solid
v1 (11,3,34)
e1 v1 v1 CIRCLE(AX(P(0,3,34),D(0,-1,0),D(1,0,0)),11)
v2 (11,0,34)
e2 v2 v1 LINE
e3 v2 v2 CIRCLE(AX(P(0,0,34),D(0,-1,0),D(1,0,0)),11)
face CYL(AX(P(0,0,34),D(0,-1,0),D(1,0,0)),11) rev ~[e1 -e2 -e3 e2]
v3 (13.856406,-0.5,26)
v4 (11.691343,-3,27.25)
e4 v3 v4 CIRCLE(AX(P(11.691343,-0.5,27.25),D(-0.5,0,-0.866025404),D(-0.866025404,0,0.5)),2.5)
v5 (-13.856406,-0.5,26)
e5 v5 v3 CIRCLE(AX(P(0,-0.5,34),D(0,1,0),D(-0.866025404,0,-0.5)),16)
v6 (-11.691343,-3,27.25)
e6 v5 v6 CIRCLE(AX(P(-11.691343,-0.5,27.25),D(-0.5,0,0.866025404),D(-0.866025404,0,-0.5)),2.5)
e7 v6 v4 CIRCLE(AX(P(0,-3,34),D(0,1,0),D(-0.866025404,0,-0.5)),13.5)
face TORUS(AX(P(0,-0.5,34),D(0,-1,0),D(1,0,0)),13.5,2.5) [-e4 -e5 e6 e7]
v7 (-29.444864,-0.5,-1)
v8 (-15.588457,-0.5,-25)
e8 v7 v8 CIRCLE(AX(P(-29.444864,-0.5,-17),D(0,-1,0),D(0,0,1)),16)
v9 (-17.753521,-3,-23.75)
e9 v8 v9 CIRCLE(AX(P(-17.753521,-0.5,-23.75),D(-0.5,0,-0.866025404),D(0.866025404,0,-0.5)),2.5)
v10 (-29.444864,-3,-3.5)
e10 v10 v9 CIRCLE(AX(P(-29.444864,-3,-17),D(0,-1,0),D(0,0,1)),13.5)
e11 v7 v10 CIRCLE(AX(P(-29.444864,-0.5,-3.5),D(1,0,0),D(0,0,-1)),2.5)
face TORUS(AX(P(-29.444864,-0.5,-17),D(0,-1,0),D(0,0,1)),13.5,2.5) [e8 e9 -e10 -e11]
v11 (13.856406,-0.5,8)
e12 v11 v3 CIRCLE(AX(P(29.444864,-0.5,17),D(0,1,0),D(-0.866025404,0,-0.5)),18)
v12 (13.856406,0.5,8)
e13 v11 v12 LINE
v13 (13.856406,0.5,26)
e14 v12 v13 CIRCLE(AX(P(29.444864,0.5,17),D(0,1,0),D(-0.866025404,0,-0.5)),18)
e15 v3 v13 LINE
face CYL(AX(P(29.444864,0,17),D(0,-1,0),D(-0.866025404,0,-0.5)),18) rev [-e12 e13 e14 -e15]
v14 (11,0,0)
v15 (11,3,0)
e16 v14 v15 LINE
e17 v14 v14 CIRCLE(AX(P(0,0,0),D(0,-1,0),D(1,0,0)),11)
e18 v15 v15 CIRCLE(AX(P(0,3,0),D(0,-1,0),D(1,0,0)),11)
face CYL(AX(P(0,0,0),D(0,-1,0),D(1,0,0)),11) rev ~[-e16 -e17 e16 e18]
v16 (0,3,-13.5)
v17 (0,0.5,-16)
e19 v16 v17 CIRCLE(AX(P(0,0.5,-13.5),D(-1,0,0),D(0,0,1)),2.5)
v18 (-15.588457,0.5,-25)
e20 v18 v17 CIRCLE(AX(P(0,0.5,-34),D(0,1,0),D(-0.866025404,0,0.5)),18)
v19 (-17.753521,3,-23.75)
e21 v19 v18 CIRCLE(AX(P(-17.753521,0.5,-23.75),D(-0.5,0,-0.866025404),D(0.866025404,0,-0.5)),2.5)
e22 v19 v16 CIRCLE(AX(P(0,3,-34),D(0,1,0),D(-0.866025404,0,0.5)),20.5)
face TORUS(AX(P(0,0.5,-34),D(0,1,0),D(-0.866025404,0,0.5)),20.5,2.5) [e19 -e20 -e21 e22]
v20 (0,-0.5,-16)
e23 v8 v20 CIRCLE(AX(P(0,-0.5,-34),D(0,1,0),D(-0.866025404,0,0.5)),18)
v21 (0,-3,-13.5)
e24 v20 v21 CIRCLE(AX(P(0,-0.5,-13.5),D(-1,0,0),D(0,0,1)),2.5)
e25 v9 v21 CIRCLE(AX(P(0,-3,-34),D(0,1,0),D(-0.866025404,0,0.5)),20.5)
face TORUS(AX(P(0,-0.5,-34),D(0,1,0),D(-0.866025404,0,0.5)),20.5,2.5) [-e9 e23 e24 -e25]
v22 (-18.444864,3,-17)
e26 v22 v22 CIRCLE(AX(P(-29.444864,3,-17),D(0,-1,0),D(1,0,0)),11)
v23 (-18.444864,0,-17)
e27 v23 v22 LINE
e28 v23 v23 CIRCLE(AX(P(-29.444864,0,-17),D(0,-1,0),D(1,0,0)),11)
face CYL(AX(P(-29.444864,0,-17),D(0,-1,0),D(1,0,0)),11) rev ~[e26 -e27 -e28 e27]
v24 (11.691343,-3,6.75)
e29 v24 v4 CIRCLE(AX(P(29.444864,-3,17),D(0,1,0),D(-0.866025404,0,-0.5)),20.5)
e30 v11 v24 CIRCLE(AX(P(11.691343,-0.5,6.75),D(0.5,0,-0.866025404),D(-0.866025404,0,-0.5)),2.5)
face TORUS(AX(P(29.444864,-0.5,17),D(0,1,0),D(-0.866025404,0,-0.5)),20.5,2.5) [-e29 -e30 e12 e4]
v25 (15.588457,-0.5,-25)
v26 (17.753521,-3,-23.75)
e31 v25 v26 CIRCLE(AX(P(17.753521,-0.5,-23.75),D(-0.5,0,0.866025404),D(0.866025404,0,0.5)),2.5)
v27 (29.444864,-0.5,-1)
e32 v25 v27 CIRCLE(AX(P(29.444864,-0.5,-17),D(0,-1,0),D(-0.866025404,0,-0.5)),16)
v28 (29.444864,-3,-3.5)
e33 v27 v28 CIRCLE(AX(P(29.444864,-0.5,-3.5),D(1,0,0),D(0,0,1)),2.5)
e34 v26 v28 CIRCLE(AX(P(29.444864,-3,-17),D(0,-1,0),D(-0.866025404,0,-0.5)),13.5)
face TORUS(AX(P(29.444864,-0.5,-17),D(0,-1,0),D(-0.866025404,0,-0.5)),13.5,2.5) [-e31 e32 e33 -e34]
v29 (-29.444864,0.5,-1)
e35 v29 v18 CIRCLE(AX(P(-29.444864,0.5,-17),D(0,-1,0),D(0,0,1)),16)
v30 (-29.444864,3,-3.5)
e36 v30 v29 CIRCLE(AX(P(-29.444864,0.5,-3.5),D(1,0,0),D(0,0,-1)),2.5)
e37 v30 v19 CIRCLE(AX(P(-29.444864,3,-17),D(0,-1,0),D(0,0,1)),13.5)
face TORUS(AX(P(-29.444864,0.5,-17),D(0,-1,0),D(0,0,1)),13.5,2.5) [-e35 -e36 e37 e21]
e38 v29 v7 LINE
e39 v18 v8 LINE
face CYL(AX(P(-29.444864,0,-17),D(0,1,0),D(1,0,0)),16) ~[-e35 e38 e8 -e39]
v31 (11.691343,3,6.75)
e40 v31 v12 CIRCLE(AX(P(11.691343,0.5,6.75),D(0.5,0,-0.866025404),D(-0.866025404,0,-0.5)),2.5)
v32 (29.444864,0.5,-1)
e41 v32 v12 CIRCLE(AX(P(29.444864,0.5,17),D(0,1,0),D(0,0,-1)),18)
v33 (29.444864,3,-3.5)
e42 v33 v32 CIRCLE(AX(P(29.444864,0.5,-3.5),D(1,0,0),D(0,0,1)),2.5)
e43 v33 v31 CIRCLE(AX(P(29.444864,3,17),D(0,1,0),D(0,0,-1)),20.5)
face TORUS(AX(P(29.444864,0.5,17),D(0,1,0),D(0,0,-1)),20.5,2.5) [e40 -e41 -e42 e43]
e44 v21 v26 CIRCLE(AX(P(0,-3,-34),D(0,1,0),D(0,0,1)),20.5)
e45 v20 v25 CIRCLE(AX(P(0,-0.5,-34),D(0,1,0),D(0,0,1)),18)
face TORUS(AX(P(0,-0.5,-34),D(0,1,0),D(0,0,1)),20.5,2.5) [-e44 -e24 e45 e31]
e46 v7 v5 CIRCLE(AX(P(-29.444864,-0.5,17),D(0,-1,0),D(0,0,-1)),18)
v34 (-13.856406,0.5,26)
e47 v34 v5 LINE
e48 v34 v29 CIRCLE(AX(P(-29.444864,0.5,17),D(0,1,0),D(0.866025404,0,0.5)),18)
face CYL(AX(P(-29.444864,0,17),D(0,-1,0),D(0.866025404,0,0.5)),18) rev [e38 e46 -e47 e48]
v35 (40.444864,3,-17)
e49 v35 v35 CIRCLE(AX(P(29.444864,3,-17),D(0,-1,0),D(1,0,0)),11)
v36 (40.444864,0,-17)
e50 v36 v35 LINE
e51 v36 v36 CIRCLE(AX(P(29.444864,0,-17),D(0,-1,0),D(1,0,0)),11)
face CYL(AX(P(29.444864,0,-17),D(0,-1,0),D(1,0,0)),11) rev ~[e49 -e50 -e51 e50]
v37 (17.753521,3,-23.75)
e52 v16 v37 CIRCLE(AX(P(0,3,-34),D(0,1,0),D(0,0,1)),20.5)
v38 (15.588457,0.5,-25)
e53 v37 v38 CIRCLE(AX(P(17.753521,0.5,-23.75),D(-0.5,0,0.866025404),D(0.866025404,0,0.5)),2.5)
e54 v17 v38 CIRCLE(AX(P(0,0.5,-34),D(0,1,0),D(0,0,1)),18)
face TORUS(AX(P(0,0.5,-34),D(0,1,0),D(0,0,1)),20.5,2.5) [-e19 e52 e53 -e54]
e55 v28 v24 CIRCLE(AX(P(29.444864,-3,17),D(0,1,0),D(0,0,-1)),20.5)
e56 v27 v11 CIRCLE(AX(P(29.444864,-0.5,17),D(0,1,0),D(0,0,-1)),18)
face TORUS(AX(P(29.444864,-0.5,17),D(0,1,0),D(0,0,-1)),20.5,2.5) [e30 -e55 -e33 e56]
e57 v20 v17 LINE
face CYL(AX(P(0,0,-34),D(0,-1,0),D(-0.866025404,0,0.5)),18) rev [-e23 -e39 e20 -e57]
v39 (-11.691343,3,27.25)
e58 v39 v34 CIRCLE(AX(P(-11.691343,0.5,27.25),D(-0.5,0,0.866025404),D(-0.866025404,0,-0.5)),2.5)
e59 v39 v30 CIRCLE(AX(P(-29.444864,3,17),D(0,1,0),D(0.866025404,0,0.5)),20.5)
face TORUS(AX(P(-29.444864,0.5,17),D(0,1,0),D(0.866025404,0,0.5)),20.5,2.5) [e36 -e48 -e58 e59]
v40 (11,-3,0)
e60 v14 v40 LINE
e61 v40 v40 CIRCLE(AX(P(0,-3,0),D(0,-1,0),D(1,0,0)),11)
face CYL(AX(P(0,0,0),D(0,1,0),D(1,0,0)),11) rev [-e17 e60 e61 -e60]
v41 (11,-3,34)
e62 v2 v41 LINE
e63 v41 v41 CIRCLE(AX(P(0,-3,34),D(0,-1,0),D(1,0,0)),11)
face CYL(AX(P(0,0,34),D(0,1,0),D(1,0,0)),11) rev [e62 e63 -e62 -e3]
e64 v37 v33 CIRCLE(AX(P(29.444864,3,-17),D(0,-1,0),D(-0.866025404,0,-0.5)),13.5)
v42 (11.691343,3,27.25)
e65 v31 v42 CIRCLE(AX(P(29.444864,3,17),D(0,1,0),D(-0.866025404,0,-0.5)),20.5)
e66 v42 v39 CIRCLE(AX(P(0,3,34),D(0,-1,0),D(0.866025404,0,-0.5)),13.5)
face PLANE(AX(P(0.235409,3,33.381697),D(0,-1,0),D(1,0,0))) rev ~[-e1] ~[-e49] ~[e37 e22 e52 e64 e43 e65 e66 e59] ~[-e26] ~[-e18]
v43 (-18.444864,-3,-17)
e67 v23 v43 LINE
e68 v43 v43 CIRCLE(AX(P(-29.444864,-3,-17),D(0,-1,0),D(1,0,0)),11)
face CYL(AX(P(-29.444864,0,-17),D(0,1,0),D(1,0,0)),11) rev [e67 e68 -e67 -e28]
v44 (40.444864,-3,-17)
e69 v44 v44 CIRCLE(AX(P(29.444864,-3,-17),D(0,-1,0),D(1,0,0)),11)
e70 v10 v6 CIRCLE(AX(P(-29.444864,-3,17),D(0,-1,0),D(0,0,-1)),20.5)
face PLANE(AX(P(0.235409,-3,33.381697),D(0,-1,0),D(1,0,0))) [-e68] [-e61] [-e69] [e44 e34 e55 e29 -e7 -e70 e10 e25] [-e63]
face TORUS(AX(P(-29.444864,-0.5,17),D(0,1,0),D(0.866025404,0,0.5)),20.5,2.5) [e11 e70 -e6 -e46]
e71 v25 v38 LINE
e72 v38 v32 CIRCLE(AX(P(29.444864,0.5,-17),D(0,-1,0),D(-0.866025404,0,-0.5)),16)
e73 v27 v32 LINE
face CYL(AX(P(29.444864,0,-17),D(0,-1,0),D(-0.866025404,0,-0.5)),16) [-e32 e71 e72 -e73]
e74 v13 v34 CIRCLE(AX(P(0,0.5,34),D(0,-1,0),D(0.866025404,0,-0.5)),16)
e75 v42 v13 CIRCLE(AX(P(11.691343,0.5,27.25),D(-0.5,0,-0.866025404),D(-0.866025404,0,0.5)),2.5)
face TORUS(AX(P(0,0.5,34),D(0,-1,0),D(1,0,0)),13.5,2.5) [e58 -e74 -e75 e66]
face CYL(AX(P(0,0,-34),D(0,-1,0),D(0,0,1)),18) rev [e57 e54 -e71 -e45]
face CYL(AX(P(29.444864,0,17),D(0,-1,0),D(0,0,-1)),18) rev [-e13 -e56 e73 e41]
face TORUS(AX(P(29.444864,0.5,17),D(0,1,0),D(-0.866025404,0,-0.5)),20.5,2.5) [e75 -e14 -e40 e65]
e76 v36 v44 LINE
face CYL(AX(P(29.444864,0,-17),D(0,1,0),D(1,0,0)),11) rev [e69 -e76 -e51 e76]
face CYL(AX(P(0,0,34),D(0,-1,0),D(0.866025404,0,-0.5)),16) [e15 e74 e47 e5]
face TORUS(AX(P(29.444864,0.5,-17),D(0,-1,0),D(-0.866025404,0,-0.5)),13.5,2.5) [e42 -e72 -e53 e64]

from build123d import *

# Parameters (mm, degrees)
F0_R     = 11
F1_DEPTH = 3
F2_R     = 2.5
F3_R     = 2.5


with BuildPart() as f1:
    # F0 (on Front) → F1 (new body, symmetric)
    with BuildSketch(Plane.XZ):
        with BuildLine():
            ThreePointArc((13.8564064606, 26), (15.4548132206, 29.8588952784), (16, 34))
            ThreePointArc((16, 34), (-4.1411047216, 49.4548132206), (-13.8564064606, 26))
            ThreePointArc((-13.8564064606, 26), (0, 18), (13.8564064606, 26))
        make_face()
        with Locations((0, 34)):
            Circle(F0_R, mode=Mode.SUBTRACT)
        with BuildLine():
            ThreePointArc((13.8564064606, 26), (0, 18), (-13.8564064606, 26))
            ThreePointArc((-13.8564064606, 26), (-11.4448637287, 17), (-13.8564064606, 8))
            ThreePointArc((-13.8564064606, 8), (0, 16), (13.8564064606, 8))
            ThreePointArc((13.8564064606, 8), (11.4448637287, 17), (13.8564064606, 26))
        make_face()
        with BuildLine():
            ThreePointArc((13.8564064606, 8), (0, 16), (-13.8564064606, 8))
            ThreePointArc((-13.8564064606, 8), (-13.8564064606, -8), (0, -16))
            ThreePointArc((0, -16), (11.313708499, -11.313708499), (16, 0))
            ThreePointArc((16, 0), (15.4548132206, 4.1411047216), (13.8564064606, 8))
        make_face()
        Circle(F0_R, mode=Mode.SUBTRACT)
        with BuildLine():
            ThreePointArc((0, -16), (-13.8564064606, -8), (-13.8564064606, 8))
            ThreePointArc((-13.8564064606, 8), (-20.4448637287, 1.4115427319), (-29.4448637287, -1))
            ThreePointArc((-29.4448637287, -1), (-18.1311552297, -5.686291501), (-13.4448637287, -17))
            ThreePointArc((-13.4448637287, -17), (-13.990050508, -21.1411047216), (-15.5884572681, -25))
            ThreePointArc((-15.5884572681, -25), (-9, -18.4115427319), (0, -16))
        make_face()
        with BuildLine():
            ThreePointArc((29.4448637287, -1), (20.4448637287, 1.4115427319), (13.8564064606, 8))
            ThreePointArc((13.8564064606, 8), (15.4548132206, 4.1411047216), (16, 0))
            ThreePointArc((16, 0), (11.313708499, -11.313708499), (0, -16))
            ThreePointArc((0, -16), (9, -18.4115427319), (15.5884572681, -25))
            ThreePointArc((15.5884572681, -25), (15.5884572681, -9), (29.4448637287, -1))
        make_face()
        with BuildLine():
            ThreePointArc((-13.4448637287, -17), (-18.1311552297, -5.686291501), (-29.4448637287, -1))
            ThreePointArc((-29.4448637287, -1), (-43.3012701892, -25), (-15.5884572681, -25))
            ThreePointArc((-15.5884572681, -25), (-13.990050508, -21.1411047216), (-13.4448637287, -17))
        make_face()
        with Locations((-29.4448637287, -17)):
            Circle(F0_R, mode=Mode.SUBTRACT)
        with BuildLine():
            ThreePointArc((45.4448637287, -17), (40.7585722277, -5.686291501), (29.4448637287, -1))
            ThreePointArc((29.4448637287, -1), (15.5884572681, -9), (15.5884572681, -25))
            ThreePointArc((15.5884572681, -25), (33.5859684503, -32.4548132206), (45.4448637287, -17))
        make_face()
        with Locations((29.4448637287, -17)):
            Circle(F0_R, mode=Mode.SUBTRACT)
    extrude(amount=F1_DEPTH, both=True)

    # F2
    f2_edges = [f1.edges().sort_by_distance(p)[0] for p in [
        (0, -3, 50),
    ]]
    fillet(f2_edges, radius=F2_R)

    # F3
    f3_edges = [f1.edges().sort_by_distance(p)[0] for p in [
        (13.856406, 3, 8),
    ]]
    fillet(f3_edges, radius=F3_R)


solid = f1.part
